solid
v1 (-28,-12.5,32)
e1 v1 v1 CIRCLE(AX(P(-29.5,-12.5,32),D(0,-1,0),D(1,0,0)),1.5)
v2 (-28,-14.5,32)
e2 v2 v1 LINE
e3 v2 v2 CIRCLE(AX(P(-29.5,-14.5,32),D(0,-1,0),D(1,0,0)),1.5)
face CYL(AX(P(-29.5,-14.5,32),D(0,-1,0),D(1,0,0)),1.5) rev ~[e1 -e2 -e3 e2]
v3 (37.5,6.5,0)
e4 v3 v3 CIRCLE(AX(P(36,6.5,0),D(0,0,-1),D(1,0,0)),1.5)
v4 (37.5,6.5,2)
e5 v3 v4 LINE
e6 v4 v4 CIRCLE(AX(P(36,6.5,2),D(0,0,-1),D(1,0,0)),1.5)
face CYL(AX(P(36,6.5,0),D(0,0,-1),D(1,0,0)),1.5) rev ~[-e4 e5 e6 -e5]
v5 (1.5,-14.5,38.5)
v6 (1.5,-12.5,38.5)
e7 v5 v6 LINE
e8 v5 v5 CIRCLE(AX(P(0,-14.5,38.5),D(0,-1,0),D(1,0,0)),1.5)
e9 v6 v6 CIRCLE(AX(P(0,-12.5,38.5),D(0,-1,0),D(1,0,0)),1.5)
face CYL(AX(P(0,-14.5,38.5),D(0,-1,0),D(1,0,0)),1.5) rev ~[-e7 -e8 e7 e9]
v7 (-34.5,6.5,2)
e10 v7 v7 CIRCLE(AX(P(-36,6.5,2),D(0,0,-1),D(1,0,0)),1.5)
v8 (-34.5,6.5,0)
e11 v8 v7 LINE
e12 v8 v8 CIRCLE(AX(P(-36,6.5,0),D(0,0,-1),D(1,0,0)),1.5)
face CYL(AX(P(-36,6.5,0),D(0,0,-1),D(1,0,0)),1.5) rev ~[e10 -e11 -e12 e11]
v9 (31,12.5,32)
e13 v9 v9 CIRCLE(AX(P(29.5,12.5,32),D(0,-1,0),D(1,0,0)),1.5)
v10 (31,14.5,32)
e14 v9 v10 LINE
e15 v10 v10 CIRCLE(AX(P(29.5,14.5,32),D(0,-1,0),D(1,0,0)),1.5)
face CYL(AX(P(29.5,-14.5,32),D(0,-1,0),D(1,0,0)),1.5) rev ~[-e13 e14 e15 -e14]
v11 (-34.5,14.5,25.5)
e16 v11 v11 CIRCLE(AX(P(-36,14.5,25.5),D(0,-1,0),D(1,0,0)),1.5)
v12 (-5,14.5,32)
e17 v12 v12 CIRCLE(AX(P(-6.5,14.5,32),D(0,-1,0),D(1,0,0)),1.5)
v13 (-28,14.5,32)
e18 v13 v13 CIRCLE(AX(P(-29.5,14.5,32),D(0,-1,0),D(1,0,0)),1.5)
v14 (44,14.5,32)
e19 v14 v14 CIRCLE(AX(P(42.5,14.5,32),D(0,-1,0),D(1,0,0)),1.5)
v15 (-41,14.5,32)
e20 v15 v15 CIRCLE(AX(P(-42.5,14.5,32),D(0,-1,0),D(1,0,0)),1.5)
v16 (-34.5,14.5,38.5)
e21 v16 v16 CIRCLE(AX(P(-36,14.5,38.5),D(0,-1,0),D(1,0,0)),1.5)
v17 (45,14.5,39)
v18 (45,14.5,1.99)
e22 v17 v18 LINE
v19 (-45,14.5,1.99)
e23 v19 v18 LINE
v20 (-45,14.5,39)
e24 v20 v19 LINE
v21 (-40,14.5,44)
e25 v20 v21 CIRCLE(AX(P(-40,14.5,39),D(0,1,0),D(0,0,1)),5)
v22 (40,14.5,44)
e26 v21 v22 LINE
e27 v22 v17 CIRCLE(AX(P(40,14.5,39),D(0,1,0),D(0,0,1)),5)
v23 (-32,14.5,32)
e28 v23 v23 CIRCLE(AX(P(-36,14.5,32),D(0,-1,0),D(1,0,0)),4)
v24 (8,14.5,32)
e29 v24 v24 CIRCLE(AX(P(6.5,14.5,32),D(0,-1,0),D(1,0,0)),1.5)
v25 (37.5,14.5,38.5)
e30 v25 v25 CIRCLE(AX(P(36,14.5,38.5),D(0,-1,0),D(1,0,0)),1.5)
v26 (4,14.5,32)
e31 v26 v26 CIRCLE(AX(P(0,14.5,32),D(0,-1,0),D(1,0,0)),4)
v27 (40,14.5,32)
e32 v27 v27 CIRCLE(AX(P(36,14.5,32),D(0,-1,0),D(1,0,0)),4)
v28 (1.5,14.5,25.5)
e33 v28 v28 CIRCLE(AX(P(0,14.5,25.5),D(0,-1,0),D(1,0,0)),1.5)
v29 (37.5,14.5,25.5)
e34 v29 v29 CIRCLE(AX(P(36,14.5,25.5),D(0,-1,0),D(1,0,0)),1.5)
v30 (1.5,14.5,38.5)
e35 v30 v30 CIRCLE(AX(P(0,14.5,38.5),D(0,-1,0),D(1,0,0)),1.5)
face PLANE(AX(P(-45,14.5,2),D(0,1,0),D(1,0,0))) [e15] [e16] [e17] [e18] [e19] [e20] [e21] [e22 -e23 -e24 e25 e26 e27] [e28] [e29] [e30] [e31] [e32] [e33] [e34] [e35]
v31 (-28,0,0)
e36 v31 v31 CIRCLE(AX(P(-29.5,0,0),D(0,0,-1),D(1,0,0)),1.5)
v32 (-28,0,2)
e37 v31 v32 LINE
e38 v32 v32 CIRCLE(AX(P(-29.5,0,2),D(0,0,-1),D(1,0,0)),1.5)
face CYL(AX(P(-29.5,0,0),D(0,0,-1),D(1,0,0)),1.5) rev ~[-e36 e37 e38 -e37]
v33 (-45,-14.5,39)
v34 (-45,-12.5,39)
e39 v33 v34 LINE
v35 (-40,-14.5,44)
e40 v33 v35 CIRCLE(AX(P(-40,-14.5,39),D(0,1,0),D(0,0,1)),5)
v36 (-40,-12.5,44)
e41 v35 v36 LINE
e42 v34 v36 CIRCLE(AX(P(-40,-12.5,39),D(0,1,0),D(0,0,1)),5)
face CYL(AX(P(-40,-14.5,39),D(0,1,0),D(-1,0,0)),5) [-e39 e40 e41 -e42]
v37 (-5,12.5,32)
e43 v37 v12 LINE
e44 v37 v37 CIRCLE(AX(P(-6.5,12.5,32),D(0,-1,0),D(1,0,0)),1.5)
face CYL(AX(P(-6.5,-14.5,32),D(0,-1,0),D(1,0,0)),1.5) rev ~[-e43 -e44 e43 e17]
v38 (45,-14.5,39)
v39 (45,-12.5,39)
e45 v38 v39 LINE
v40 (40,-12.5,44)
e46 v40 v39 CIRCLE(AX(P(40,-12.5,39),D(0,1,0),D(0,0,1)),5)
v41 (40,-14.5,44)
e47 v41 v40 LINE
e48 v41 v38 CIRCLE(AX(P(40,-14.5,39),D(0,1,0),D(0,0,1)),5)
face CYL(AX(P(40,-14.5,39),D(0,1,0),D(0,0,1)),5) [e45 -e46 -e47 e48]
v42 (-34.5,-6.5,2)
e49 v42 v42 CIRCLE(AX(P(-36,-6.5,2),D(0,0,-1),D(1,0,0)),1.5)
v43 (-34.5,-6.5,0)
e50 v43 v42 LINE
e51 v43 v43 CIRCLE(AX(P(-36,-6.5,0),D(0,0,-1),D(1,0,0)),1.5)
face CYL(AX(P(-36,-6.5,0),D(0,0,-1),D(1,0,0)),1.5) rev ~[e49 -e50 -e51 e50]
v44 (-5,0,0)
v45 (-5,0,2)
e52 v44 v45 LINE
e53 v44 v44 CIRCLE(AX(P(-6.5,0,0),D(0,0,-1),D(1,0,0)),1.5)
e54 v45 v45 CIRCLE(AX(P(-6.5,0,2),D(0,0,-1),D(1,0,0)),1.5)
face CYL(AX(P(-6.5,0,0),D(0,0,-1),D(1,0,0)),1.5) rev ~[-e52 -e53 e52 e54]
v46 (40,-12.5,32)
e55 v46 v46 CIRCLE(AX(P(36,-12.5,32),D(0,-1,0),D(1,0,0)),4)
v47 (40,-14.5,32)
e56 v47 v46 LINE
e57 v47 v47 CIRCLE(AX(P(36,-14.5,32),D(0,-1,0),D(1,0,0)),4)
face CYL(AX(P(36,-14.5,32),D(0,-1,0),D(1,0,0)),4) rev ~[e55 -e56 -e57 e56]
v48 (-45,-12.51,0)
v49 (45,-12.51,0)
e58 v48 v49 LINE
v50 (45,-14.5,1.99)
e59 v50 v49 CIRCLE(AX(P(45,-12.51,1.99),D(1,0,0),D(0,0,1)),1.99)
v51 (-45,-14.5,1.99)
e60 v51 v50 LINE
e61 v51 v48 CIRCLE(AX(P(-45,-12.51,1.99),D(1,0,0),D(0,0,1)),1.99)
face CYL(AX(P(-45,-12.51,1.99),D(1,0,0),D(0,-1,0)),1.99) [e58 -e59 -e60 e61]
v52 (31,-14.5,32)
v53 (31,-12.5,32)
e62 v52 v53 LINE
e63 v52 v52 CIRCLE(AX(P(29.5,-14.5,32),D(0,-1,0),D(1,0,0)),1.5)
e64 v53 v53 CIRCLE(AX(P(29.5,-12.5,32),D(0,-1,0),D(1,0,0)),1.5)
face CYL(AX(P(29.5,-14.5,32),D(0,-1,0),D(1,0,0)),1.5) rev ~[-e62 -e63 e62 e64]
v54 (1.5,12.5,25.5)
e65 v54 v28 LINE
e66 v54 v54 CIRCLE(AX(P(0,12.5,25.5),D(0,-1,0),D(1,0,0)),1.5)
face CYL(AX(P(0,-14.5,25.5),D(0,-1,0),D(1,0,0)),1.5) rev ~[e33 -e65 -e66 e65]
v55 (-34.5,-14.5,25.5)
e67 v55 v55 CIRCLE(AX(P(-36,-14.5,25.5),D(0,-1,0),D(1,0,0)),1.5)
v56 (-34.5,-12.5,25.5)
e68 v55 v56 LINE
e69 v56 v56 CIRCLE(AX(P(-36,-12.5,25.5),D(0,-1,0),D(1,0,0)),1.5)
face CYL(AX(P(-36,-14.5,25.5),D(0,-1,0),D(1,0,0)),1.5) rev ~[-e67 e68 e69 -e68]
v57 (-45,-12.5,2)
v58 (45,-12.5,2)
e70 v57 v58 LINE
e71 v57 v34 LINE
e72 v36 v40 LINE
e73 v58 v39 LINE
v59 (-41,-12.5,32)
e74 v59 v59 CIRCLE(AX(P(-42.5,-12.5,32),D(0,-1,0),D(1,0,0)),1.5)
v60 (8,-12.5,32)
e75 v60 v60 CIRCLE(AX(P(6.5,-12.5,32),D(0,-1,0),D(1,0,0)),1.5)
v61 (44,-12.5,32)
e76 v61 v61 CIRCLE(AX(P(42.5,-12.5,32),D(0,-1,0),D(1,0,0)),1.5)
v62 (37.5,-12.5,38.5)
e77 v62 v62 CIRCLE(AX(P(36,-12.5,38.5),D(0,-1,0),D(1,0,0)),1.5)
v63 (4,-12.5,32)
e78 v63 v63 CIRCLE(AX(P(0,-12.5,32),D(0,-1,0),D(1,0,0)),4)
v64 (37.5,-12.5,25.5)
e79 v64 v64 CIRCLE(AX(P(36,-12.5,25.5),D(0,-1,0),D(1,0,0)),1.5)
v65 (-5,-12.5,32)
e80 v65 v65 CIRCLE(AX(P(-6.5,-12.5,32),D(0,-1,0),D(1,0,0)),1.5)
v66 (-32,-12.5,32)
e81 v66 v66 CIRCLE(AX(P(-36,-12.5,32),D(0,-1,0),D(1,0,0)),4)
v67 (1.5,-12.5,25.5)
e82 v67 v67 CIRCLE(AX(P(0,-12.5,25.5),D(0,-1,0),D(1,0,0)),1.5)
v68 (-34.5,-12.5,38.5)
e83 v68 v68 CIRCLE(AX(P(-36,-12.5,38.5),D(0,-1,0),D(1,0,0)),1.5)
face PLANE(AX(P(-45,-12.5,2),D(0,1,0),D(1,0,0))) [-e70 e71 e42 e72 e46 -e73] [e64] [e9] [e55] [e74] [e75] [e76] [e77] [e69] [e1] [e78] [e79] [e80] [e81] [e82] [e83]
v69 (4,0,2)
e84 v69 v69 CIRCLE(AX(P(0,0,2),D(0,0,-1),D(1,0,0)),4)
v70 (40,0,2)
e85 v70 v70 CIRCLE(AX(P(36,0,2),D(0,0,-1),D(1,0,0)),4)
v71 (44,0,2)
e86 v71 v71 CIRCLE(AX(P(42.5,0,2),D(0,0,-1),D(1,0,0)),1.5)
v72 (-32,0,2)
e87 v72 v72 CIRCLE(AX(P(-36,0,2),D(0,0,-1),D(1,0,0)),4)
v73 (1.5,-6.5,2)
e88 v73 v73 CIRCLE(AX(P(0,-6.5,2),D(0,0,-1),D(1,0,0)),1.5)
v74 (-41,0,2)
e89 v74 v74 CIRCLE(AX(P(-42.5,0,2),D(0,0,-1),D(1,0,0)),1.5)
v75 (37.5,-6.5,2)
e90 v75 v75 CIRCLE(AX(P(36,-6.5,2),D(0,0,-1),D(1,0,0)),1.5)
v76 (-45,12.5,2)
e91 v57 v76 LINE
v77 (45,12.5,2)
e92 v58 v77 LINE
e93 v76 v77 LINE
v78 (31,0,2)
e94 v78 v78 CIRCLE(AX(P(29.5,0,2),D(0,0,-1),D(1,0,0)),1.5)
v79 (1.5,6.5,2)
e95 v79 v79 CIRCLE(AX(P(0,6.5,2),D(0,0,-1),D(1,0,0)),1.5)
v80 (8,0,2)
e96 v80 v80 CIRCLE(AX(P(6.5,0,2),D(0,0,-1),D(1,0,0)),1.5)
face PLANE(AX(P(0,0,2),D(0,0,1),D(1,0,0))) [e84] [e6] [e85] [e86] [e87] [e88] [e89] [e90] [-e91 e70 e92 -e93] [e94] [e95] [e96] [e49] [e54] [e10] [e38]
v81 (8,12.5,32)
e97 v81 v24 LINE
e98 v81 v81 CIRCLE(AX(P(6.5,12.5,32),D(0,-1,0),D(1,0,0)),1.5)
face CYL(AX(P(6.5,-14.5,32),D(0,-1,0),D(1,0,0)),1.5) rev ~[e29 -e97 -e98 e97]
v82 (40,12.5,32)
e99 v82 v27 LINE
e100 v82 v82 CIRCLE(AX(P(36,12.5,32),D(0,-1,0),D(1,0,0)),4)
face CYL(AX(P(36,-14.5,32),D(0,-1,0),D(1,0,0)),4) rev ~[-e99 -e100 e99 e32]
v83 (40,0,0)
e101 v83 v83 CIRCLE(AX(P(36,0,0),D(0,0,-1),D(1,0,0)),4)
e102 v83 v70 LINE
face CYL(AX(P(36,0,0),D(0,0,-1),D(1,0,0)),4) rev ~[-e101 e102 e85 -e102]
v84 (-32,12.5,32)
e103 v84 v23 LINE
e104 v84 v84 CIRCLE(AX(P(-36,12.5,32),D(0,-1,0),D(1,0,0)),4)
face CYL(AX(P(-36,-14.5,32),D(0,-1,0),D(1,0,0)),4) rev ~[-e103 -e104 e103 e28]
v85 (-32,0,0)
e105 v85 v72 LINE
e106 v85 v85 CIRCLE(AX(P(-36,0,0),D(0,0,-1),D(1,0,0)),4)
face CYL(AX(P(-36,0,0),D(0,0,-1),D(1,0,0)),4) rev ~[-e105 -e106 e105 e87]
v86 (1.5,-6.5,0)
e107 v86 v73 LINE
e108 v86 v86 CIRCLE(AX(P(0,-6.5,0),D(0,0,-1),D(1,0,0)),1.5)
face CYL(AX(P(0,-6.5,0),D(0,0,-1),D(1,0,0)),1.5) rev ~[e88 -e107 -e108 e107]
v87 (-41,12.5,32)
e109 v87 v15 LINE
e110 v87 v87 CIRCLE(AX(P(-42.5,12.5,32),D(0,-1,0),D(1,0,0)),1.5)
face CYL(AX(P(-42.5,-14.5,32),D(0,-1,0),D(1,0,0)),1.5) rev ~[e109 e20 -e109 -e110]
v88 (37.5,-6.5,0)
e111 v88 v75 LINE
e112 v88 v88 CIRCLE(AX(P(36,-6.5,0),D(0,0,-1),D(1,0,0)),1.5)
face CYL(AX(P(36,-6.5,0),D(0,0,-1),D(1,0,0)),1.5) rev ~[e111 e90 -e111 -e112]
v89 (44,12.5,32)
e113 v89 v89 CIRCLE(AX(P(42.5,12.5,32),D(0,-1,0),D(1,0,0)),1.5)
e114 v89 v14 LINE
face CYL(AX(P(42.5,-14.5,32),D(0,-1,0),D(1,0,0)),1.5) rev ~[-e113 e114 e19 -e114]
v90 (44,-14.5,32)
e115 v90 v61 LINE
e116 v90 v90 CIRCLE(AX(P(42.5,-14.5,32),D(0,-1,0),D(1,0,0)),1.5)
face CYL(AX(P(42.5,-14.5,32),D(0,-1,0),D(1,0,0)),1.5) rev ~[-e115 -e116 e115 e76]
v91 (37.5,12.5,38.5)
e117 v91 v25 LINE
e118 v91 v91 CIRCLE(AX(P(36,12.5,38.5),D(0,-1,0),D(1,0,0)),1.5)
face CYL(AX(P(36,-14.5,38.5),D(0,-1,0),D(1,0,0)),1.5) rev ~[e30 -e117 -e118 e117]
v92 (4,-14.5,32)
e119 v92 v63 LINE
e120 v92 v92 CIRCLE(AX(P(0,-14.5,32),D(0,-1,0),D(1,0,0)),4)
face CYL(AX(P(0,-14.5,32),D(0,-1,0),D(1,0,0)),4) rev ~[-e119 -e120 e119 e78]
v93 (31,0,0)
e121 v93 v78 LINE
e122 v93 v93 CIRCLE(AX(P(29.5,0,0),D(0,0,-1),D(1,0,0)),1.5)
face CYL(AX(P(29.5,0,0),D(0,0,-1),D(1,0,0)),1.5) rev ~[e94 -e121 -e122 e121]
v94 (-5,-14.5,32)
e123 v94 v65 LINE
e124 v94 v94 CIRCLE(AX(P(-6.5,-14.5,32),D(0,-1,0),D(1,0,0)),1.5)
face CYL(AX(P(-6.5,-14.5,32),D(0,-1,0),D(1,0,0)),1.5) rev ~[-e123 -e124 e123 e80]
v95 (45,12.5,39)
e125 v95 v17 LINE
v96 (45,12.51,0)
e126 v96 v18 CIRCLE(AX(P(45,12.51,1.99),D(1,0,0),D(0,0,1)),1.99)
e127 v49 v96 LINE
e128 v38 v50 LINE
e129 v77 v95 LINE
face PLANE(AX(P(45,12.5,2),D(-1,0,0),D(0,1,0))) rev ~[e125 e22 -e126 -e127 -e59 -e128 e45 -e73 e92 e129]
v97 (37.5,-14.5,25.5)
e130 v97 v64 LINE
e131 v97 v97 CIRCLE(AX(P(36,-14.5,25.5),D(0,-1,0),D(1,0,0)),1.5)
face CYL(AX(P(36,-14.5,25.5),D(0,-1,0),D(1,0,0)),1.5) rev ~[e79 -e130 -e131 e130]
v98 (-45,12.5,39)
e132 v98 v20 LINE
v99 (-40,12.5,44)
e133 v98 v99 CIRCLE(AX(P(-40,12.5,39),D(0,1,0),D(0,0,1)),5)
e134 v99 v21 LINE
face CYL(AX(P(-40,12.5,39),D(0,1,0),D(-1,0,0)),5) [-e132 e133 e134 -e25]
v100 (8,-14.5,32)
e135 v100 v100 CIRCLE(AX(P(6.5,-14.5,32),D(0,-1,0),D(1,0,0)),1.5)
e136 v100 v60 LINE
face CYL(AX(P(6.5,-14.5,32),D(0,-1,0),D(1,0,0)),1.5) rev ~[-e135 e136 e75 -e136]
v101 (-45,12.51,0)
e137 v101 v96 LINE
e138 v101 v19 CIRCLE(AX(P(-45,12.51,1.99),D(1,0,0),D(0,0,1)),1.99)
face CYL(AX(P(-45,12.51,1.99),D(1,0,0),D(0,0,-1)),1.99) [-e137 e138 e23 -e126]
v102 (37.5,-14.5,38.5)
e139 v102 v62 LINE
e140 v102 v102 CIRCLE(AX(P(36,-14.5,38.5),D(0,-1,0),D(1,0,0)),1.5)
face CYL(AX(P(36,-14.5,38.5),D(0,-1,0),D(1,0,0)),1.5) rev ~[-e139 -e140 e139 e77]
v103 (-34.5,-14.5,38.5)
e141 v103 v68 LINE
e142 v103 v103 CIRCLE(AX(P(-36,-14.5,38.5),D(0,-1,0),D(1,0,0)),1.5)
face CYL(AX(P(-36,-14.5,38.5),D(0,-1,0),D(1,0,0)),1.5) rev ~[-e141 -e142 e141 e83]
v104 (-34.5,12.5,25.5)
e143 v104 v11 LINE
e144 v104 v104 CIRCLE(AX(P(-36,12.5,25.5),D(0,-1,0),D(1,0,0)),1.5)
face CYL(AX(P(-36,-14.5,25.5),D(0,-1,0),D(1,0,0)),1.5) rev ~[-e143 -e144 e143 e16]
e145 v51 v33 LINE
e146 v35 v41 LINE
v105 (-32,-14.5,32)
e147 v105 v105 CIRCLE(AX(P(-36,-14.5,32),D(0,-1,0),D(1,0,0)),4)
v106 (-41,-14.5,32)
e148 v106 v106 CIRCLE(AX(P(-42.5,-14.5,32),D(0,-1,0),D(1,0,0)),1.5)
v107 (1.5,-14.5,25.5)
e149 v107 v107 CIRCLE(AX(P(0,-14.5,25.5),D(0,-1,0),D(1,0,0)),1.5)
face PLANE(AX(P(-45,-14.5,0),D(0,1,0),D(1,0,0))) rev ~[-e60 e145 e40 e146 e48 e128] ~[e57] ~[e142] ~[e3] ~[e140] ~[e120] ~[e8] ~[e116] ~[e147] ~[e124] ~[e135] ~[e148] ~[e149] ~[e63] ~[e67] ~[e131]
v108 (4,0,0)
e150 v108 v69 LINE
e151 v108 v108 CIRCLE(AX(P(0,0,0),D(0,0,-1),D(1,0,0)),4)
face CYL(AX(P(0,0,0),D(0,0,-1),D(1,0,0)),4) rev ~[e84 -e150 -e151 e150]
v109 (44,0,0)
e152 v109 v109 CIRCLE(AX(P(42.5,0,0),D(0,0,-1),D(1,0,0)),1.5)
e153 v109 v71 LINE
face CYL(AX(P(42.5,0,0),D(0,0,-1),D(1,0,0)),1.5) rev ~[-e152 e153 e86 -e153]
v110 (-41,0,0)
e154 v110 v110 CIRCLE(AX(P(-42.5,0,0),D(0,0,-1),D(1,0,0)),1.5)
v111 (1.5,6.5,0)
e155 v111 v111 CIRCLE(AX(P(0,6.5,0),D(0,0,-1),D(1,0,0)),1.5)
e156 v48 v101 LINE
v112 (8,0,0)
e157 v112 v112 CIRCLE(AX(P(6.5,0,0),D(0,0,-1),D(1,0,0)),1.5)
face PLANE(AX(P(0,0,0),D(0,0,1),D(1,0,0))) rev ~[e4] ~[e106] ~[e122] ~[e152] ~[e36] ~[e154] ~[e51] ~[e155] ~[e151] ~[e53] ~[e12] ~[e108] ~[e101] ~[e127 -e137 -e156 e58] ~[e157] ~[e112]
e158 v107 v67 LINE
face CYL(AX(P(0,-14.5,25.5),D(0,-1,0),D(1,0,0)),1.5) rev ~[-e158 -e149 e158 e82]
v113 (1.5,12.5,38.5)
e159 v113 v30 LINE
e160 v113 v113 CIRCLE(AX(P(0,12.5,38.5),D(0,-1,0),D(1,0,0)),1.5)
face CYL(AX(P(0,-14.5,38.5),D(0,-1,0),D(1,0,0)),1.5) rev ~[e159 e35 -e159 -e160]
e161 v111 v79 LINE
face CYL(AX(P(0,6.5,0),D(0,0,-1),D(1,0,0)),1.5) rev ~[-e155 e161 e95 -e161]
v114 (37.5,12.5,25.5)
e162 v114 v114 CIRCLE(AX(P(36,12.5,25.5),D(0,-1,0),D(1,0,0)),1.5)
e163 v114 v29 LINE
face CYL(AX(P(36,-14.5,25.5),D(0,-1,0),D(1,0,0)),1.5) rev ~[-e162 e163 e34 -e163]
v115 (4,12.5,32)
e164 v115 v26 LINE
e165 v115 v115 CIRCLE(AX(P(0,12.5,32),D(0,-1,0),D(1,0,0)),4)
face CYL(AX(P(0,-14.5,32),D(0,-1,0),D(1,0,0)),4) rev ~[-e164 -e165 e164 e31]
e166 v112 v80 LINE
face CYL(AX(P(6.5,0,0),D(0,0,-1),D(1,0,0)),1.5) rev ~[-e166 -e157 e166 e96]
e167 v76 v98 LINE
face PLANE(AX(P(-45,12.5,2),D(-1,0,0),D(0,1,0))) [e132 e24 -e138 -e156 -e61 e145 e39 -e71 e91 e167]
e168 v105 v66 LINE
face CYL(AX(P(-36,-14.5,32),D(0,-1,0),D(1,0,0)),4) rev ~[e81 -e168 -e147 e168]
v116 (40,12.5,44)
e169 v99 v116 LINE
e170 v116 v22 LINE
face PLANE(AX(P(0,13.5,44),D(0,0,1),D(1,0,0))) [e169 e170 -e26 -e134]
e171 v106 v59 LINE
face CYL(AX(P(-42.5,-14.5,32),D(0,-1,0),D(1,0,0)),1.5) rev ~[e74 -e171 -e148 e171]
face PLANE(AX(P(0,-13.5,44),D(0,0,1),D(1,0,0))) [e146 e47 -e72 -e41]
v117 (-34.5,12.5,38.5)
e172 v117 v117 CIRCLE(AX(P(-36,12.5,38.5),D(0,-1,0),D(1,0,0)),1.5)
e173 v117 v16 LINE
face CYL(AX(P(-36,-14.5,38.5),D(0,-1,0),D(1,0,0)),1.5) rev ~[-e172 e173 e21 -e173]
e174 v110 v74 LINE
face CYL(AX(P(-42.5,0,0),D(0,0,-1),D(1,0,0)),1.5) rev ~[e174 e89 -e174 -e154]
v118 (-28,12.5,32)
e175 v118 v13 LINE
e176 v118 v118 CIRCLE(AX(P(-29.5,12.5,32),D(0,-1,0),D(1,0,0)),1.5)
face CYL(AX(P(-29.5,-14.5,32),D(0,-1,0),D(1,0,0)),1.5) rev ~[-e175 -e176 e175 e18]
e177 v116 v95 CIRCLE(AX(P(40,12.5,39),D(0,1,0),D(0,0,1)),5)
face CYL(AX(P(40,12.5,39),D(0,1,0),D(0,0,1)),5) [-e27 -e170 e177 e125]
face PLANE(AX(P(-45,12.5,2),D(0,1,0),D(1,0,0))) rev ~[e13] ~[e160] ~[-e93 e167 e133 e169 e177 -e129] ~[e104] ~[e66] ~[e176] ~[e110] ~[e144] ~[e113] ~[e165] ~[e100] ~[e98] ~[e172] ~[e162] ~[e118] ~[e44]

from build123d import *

# Parameters (mm, degrees)
SKETCH_W        = 90
SKETCH_H        = 29
PAD_DEPTH       = 2
SKETCH001_W     = 90
SKETCH001_H     = 2
PAD001_DEPTH    = 42
FILLET_R        = 1.99
SKETCH002_R     = 4
SKETCH002_R_2   = 1.5
POCKET_DEPTH    = 29.001
SKETCH003_R     = 1.5
SKETCH003_R_2   = 4
POCKET001_DEPTH = 5
FILLET001_R     = 5


with BuildPart() as part:
    # Sketch → Pad (new body)
    with BuildSketch(Plane.XY):
        Rectangle(SKETCH_W, SKETCH_H)
    extrude(amount=PAD_DEPTH)

    # Sketch001 (on Face6 of Pad) → Pad001 (join)
    with BuildSketch(Plane.XY.offset(2)):
        with Locations((0, 13.5)):
            Rectangle(SKETCH001_W, SKETCH001_H)
        with Locations((0, -13.5)):
            Rectangle(SKETCH001_W, SKETCH001_H)
    extrude(amount=PAD001_DEPTH)

    # Fillet
    fillet_edges = [part.edges().sort_by_distance(p)[0] for p in [
        (0, 14.5, 0),
        (0, -14.5, 0),
    ]]
    fillet(fillet_edges, radius=FILLET_R)

    # Sketch002 (on Face15 of Fillet) → Pocket (cut, through all)
    with BuildSketch(Plane.XZ.offset(14.5)):
        with Locations((-36, 32)):
            Circle(SKETCH002_R)
        with Locations((-36, 38.5)):
            Circle(SKETCH002_R_2)
        with Locations((-29.5, 32)):
            Circle(SKETCH002_R_2)
        with Locations((-36, 25.5)):
            Circle(SKETCH002_R_2)
        with Locations((-42.5, 32)):
            Circle(SKETCH002_R_2)
        with Locations((36, 32)):
            Circle(SKETCH002_R)
        with Locations((36, 38.5)):
            Circle(SKETCH002_R_2)
        with Locations((29.5, 32)):
            Circle(SKETCH002_R_2)
        with Locations((36, 25.5)):
            Circle(SKETCH002_R_2)
        with Locations((42.5, 32)):
            Circle(SKETCH002_R_2)
        with Locations((0, 32)):
            Circle(SKETCH002_R)
        with Locations((0, 38.5)):
            Circle(SKETCH002_R_2)
        with Locations((6.5, 32)):
            Circle(SKETCH002_R_2)
        with Locations((0, 25.5)):
            Circle(SKETCH002_R_2)
        with Locations((-6.5, 32)):
            Circle(SKETCH002_R_2)
    extrude(amount=-POCKET_DEPTH, mode=Mode.SUBTRACT)

    # Sketch003 (on Face9 of Pocket) → Pocket001 (cut)
    with BuildSketch(Plane(origin=(0, 0, 0), x_dir=(1, 0, 0), z_dir=(0, 0, -1))):
        with Locations((-36, 6.5)):
            Circle(SKETCH003_R)
        with Locations((-36, 0)):
            Circle(SKETCH003_R_2)
        with Locations((-36, -6.5)):
            Circle(SKETCH003_R)
        with Locations((-29.5, 0)):
            Circle(SKETCH003_R)
        with Locations((-42.5, 0)):
            Circle(SKETCH003_R)
        with Locations((36, 6.5)):
            Circle(SKETCH003_R)
        with Locations((36, 0)):
            Circle(SKETCH003_R_2)
        with Locations((36, -6.5)):
            Circle(SKETCH003_R)
        with Locations((29.5, 0)):
            Circle(SKETCH003_R)
        with Locations((42.5, 0)):
            Circle(SKETCH003_R)
        with Locations((0, 6.5)):
            Circle(SKETCH003_R)
        Circle(SKETCH003_R_2)
        with Locations((0, -6.5)):
            Circle(SKETCH003_R)
        with Locations((6.5, 0)):
            Circle(SKETCH003_R)
        with Locations((-6.5, 0)):
            Circle(SKETCH003_R)
    extrude(amount=-POCKET001_DEPTH, mode=Mode.SUBTRACT)

    # Fillet001
    fillet001_edges = [part.edges().sort_by_distance(p)[0] for p in [
        (45, -13.5, 44),
        (45, 13.5, 44),
        (-45, 13.5, 44),
        (-45, -13.5, 44),
    ]]
    fillet(fillet001_edges, radius=FILLET001_R)


solid = part.part
